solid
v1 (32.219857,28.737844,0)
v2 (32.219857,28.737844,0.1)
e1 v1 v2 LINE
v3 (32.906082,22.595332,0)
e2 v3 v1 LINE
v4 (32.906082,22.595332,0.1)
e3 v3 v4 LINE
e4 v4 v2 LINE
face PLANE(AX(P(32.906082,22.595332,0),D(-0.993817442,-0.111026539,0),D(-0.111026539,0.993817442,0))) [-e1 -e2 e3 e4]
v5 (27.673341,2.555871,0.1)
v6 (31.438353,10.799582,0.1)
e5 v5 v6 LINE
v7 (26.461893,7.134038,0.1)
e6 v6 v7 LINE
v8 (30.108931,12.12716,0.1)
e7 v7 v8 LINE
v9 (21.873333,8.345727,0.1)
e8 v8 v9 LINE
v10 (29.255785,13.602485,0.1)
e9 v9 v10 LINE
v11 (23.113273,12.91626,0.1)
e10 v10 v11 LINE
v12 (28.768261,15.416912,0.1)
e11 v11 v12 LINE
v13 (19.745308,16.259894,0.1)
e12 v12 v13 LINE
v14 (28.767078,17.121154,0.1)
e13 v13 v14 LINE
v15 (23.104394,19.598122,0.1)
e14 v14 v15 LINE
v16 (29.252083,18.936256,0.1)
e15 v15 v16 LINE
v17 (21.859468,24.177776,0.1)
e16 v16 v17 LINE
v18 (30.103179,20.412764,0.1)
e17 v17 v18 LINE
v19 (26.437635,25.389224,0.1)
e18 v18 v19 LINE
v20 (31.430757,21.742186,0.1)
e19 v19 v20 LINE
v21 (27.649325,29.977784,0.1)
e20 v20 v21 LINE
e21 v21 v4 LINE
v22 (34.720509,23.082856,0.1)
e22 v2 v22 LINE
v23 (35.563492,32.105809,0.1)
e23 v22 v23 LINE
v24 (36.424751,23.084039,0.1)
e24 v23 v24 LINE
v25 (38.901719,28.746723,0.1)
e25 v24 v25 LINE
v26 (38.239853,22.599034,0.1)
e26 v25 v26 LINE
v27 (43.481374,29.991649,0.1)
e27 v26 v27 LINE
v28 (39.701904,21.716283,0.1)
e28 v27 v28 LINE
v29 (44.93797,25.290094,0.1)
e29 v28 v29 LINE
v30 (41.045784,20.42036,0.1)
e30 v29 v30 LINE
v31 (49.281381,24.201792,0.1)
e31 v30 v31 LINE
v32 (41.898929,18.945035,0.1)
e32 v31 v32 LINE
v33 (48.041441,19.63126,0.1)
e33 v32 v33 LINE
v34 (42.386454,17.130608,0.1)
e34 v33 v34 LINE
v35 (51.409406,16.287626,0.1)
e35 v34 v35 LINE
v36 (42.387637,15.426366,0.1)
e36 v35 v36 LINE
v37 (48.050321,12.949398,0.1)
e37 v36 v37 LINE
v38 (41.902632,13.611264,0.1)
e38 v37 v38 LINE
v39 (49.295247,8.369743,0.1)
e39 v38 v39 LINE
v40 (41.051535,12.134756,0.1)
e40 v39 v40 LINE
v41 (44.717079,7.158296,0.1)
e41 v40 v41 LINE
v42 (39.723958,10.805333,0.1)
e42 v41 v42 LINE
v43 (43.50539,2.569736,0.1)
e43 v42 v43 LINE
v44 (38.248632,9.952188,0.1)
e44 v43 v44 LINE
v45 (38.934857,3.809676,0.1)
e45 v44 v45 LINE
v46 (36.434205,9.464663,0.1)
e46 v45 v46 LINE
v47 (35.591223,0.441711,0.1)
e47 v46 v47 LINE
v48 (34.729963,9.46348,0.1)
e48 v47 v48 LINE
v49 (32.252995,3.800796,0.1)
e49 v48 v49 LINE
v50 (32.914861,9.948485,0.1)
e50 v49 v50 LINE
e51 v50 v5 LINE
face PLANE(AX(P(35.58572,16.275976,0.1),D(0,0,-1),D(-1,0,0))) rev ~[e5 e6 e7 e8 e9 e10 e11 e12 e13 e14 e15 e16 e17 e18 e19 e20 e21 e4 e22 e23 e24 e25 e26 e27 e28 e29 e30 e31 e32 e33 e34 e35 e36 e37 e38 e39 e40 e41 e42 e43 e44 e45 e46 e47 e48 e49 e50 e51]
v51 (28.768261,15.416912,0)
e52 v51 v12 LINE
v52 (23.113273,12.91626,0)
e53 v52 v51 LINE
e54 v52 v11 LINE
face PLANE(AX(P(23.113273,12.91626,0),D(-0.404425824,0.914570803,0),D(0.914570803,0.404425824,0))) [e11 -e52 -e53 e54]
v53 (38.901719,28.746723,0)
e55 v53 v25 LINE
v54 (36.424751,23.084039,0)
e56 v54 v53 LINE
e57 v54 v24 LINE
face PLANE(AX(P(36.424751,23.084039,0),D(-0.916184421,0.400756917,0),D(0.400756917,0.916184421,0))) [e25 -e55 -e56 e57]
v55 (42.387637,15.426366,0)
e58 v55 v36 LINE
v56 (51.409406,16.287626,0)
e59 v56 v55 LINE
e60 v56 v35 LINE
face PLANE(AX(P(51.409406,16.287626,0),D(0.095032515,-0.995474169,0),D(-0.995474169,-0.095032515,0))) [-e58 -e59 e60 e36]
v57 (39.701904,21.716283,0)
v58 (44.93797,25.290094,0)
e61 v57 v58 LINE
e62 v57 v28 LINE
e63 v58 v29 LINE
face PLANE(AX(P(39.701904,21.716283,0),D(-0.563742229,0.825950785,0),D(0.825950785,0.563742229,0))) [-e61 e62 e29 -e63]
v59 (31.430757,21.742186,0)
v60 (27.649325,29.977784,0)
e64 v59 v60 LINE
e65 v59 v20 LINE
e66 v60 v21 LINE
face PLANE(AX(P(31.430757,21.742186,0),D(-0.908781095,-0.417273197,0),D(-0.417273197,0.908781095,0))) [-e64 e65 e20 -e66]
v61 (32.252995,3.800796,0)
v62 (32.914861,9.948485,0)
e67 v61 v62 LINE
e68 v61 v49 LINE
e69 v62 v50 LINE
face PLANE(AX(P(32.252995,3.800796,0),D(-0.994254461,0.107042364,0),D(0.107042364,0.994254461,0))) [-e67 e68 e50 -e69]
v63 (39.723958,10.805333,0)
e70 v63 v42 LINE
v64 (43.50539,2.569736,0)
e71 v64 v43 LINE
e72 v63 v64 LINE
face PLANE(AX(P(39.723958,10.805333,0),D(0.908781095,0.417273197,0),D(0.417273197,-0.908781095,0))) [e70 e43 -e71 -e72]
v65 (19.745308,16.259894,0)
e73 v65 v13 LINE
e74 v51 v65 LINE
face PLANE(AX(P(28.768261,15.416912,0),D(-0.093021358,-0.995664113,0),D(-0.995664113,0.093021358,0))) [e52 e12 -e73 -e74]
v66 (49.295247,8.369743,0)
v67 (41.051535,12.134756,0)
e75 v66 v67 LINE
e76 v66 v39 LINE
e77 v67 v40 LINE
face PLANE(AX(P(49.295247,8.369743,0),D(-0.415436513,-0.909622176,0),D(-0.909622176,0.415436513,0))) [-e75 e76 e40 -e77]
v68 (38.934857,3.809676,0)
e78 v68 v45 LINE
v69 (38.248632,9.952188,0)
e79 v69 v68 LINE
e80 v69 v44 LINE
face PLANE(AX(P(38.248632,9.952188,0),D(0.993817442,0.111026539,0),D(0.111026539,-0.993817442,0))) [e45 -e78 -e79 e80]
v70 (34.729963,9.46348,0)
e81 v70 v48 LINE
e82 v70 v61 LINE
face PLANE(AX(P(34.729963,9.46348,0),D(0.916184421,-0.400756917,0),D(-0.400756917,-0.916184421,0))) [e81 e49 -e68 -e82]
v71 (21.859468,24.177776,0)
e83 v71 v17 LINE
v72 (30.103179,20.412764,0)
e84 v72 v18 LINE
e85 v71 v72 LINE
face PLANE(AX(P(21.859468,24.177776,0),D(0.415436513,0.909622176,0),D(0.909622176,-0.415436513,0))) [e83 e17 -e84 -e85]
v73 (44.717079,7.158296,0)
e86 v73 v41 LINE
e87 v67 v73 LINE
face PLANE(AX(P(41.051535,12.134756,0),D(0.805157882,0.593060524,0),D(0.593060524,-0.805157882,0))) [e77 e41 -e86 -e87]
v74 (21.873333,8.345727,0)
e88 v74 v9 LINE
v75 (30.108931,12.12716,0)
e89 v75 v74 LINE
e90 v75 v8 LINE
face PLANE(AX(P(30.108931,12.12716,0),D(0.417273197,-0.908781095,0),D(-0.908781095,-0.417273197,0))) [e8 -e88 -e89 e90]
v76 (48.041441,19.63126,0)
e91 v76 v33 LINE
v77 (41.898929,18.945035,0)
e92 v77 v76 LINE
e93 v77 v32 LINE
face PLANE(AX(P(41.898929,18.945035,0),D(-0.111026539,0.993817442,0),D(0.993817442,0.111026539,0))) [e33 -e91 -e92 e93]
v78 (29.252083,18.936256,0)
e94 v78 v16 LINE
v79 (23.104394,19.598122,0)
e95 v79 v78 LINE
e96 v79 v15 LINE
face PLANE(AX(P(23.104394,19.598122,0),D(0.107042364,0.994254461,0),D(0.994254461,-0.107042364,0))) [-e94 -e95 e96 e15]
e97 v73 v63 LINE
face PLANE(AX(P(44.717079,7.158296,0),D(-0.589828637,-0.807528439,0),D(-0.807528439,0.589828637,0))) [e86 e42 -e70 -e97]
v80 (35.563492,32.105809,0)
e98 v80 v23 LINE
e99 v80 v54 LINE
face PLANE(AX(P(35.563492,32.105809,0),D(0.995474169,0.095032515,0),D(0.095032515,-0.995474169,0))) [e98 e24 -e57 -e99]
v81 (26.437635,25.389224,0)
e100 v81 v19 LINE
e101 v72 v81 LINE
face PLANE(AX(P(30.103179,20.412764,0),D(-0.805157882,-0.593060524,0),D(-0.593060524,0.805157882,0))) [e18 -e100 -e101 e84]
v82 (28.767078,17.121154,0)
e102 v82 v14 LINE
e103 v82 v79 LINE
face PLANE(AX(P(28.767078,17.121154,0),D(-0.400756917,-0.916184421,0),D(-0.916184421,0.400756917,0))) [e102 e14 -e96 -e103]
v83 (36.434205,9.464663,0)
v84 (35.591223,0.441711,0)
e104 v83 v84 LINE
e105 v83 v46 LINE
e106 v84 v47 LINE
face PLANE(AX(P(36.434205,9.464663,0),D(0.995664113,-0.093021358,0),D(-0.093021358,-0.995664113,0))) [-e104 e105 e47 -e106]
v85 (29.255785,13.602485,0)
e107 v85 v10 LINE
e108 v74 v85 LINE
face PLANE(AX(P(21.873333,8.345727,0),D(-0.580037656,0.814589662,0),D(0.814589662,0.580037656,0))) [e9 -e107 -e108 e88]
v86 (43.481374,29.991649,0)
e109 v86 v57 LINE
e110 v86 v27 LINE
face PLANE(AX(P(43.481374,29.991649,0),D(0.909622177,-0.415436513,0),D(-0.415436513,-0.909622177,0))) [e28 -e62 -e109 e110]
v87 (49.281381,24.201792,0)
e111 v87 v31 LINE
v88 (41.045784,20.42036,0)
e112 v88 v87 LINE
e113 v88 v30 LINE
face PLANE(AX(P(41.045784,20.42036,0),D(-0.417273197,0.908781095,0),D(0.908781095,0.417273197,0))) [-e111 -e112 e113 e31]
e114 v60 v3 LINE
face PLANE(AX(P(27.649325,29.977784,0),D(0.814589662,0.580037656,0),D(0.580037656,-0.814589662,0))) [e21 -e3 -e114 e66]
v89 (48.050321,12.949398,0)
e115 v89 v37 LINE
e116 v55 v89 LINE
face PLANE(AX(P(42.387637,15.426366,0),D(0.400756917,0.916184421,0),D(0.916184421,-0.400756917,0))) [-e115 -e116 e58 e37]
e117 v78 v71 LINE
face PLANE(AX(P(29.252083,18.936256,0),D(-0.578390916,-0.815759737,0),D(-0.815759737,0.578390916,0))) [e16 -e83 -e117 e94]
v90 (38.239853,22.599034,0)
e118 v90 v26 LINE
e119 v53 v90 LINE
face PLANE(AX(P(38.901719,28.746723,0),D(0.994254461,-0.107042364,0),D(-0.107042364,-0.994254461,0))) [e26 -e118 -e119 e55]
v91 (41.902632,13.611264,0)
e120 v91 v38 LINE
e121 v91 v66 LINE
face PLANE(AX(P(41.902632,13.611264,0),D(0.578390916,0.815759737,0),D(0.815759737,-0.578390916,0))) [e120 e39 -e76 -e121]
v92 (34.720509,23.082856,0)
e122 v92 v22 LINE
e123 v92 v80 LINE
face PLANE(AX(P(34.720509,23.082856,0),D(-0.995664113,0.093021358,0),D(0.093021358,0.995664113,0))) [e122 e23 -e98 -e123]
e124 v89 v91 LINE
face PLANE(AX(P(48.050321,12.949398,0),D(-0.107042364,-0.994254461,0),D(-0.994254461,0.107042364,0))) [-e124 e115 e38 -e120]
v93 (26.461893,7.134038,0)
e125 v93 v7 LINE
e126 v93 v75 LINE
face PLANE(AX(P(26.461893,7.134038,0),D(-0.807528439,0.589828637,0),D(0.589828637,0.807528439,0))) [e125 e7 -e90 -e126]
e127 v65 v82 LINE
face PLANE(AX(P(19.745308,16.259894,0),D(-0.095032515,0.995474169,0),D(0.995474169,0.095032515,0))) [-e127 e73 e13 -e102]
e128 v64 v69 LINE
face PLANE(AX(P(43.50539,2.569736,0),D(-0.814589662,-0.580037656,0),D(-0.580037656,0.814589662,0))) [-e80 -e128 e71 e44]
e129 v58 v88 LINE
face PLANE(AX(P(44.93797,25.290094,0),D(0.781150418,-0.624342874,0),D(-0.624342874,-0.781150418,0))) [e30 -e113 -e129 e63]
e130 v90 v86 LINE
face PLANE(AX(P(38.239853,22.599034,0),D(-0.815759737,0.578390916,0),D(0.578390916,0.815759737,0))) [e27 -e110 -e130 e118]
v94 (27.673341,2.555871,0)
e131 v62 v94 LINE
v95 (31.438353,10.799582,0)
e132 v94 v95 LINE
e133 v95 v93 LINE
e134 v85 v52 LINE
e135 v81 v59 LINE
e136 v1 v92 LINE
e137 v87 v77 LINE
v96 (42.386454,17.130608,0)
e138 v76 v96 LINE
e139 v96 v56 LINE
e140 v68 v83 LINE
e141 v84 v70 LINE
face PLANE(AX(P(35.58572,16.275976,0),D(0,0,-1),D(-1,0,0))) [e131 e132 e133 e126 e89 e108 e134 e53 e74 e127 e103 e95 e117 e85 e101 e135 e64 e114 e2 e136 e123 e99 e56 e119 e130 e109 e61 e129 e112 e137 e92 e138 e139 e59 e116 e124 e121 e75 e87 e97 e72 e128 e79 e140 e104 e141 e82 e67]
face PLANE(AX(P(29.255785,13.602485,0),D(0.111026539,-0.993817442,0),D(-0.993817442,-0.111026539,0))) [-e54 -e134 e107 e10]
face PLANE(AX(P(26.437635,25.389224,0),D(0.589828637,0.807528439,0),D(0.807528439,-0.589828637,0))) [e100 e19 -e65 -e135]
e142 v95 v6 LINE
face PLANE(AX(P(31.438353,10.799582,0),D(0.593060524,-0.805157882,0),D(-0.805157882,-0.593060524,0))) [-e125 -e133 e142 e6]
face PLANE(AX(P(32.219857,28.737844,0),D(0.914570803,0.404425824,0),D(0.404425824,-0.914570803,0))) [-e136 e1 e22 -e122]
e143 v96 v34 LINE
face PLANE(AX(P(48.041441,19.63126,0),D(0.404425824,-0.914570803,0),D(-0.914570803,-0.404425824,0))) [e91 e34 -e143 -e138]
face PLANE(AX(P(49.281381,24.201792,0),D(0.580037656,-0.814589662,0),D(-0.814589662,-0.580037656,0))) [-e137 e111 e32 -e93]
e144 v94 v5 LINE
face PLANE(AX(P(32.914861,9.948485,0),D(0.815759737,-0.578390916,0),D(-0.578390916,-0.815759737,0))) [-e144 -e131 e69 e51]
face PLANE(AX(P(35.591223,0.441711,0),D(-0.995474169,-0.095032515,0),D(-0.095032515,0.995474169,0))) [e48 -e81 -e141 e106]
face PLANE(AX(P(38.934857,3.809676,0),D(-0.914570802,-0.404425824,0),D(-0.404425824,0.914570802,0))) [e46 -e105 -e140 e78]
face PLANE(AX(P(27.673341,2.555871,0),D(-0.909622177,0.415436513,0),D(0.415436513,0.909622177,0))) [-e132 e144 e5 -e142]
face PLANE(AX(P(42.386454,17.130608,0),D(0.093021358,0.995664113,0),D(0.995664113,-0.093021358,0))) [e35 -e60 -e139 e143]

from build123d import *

# Parameters (mm, degrees)
SALIENTE_EXTRUIR1_DEPTH = 0.1


with BuildPart() as part:
    # Model → Saliente-Extruir1 (new body)
    with BuildSketch(Plane.XY):
        Polygon((38.934856987, 3.809675647), (36.434205202, 9.464663467), (35.591222833, 0.441711008), (34.729963486, 9.463480413), (32.252995163, 3.800796402), (32.914861102, 9.948485405), (27.673340726, 2.555870543), (31.438352954, 10.799581708), (26.461893457, 7.134037663), (30.108930676, 12.127159545), (21.873333444, 8.345727462), (29.255785262, 13.602484638), (23.113272894, 12.916260125), (28.768260715, 15.416911909), (19.745308255, 16.259894278), (28.76707766, 17.121153626), (23.10439365, 19.598121949), (29.252082653, 18.936256009), (21.85946779, 24.177776386), (30.103178956, 20.412764157), (26.43763491, 25.389223655), (31.430756792, 21.742186436), (27.649324709, 29.977783667), (32.906081885, 22.595331849), (32.219857372, 28.737844218), (34.720509156, 23.082856397), (35.563491526, 32.105808856), (36.424750873, 23.084039451), (38.901719196, 28.746723462), (38.239853257, 22.599034459), (43.481373633, 29.991649321), (39.701904091, 21.716283034), (44.937970468, 25.290093704), (41.045783683, 20.420360319), (49.281380915, 24.201792402), (41.898929097, 18.945035226), (48.041441465, 19.631259739), (42.386453644, 17.130607955), (51.409406103, 16.287625586), (42.387636698, 15.426366239), (48.050320709, 12.949397916), (41.902631706, 13.611263855), (49.295246568, 8.369743478), (41.051535403, 12.134755707), (44.717079448, 7.158296209), (39.723957567, 10.805333428), (43.50538965, 2.569736197), (38.248632473, 9.952188015), align=None)
    extrude(amount=SALIENTE_EXTRUIR1_DEPTH)


solid = part.part
